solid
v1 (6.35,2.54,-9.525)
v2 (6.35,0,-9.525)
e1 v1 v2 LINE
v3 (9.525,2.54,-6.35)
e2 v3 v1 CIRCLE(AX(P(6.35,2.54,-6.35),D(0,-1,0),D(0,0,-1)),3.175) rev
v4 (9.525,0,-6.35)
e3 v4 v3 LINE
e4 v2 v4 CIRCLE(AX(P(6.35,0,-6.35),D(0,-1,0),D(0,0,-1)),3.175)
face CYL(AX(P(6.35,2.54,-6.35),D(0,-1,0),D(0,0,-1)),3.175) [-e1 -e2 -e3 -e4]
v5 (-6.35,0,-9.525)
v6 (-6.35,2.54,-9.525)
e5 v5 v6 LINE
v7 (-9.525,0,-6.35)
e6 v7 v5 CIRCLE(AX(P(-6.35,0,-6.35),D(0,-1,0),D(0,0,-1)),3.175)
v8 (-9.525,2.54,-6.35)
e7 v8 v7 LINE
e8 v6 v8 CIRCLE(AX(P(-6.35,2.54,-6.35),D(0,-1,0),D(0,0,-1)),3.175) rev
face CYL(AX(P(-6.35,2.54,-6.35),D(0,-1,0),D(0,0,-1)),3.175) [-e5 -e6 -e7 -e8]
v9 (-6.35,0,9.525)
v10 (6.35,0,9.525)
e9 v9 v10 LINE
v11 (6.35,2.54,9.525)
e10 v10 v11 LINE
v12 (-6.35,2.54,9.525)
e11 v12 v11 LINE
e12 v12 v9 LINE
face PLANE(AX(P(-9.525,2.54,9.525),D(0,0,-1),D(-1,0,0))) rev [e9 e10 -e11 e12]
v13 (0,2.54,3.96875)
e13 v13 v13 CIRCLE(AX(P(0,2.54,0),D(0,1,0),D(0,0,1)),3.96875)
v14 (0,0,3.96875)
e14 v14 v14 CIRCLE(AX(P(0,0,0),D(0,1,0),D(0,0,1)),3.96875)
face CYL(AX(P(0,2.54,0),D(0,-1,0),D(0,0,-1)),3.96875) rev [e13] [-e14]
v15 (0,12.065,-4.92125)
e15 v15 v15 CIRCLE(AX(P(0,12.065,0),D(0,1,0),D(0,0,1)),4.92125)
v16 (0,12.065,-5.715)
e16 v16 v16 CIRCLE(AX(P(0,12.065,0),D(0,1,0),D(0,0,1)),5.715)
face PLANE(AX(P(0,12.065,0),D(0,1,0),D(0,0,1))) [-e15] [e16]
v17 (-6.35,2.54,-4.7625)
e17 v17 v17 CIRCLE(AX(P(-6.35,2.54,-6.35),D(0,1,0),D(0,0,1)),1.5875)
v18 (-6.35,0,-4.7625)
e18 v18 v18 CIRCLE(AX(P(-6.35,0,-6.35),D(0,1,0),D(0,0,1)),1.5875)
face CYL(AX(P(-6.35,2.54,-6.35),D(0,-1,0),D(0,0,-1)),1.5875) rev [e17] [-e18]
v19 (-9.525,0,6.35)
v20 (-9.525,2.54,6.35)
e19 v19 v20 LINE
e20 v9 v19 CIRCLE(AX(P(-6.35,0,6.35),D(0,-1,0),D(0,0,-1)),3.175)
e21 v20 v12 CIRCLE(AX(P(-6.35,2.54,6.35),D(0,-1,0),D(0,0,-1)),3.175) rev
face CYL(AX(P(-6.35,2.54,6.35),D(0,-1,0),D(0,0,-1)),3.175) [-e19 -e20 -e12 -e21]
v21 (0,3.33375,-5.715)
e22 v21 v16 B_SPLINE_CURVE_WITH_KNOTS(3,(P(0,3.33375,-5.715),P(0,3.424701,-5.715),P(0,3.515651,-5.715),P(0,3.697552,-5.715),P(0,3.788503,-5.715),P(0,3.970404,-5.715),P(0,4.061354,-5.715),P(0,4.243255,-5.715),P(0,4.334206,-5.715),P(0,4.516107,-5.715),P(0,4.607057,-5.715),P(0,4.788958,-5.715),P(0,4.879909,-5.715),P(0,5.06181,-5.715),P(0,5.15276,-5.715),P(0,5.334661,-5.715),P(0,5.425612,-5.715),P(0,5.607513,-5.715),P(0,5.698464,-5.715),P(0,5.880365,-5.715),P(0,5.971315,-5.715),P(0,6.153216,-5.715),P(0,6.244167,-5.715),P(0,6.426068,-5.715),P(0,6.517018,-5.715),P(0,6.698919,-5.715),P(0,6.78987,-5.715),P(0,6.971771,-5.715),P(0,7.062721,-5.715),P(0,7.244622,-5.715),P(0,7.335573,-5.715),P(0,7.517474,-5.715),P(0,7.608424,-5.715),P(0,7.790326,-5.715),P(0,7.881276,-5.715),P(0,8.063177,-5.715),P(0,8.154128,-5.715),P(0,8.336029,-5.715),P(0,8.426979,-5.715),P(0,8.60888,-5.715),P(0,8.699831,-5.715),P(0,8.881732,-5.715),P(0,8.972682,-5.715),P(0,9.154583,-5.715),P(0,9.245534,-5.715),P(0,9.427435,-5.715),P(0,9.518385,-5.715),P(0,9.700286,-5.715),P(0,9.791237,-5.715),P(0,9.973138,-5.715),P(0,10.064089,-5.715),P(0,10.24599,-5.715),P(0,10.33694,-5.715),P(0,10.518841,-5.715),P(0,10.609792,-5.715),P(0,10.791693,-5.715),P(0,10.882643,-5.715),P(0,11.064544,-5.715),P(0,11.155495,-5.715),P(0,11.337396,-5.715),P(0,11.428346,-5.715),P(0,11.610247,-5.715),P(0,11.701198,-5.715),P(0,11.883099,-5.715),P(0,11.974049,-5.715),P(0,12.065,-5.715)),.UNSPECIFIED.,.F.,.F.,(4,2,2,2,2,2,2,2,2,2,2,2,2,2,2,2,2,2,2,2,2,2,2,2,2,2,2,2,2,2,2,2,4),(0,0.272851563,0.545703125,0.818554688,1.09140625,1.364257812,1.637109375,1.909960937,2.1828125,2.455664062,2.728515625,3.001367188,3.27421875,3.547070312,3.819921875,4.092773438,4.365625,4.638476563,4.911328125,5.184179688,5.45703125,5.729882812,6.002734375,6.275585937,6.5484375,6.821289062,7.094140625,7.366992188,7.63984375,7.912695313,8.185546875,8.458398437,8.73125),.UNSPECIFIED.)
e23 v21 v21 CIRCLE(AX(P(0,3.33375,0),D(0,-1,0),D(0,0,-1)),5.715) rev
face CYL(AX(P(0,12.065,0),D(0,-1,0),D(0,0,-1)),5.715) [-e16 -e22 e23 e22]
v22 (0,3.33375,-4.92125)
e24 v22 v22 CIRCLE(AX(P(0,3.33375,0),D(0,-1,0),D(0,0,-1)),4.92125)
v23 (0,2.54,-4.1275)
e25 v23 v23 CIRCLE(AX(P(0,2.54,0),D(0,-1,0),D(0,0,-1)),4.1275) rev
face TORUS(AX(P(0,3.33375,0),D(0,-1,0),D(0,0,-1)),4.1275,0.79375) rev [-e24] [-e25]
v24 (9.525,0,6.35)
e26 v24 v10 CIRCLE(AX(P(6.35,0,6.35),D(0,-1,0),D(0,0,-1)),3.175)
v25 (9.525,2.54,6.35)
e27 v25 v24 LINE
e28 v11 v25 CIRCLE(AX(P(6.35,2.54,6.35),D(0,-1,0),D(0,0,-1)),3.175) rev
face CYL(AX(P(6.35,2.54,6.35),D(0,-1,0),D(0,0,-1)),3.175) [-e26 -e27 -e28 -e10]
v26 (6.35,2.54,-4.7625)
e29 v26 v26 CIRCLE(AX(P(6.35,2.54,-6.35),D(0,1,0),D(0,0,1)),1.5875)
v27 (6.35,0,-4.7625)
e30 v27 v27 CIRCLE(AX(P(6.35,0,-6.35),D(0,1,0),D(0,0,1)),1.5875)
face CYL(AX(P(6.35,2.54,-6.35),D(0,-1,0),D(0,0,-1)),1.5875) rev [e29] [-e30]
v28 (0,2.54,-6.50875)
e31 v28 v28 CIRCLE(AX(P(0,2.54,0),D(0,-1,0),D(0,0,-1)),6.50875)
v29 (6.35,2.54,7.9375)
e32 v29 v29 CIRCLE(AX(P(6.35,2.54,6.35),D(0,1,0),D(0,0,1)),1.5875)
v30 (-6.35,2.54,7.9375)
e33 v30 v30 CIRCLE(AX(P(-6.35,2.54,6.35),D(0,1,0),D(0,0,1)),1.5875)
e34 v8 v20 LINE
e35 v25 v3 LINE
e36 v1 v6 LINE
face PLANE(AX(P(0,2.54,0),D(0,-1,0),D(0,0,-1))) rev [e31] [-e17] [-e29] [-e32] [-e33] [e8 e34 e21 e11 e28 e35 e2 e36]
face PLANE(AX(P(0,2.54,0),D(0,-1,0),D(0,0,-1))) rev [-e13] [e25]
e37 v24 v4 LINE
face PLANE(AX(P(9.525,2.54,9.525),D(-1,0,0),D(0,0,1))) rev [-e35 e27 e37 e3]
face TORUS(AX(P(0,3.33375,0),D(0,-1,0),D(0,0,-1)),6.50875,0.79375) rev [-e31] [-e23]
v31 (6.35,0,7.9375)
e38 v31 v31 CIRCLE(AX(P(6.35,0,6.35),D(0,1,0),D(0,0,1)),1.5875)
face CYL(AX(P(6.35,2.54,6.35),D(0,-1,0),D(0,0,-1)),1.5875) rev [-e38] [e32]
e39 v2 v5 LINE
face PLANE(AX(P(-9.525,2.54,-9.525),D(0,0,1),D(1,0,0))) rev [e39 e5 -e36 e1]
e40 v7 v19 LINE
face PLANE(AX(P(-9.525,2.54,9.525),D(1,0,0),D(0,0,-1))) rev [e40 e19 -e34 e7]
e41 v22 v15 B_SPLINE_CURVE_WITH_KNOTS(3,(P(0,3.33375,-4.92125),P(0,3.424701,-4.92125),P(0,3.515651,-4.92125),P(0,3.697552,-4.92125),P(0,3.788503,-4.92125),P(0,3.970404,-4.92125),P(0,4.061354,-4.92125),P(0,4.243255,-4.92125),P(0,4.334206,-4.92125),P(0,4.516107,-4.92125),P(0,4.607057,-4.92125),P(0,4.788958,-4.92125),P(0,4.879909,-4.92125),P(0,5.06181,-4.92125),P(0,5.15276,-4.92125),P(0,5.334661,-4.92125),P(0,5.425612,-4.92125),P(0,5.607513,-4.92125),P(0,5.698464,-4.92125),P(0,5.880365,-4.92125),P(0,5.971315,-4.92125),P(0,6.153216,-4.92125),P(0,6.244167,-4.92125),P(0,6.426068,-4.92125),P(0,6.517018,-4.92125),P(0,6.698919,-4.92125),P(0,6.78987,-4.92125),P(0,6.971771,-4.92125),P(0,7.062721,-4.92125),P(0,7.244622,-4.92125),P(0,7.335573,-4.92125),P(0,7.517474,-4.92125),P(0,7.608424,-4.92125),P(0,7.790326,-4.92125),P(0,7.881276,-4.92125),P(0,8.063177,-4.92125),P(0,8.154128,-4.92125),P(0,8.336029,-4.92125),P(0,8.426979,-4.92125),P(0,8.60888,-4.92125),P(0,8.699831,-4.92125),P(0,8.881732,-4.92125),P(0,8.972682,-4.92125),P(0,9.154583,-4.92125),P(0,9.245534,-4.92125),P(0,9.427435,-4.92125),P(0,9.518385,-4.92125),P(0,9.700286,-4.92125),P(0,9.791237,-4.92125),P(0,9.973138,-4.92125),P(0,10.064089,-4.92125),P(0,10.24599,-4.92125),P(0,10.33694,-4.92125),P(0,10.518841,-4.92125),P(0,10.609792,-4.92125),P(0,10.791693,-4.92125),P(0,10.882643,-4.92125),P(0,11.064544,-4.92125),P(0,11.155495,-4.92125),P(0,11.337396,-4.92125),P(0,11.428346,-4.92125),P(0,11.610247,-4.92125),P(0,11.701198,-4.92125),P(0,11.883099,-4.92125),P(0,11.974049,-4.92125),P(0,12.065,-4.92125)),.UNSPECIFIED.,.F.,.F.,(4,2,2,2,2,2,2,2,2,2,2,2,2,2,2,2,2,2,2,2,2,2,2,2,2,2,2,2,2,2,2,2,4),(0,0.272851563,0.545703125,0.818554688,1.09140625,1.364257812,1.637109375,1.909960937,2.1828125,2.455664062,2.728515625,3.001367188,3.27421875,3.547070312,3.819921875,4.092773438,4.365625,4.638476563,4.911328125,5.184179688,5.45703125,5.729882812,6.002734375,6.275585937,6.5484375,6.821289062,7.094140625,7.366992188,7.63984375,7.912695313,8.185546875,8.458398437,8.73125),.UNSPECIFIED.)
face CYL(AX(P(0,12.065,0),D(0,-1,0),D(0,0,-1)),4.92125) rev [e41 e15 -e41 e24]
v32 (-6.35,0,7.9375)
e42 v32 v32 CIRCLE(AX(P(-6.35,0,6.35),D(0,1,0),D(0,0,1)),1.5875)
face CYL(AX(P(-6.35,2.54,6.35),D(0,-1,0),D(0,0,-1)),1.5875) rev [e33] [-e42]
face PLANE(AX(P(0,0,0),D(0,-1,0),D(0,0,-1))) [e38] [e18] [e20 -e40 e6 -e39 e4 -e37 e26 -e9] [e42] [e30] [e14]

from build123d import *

# Parameters (mm, degrees)
SKETCH1_W           = 19.05
SKETCH1_H           = 19.05
SKETCH1_R           = 1.5875
SKETCH1_R_2         = 3.96875
BOSS_EXTRUDE1_DEPTH = 2.54
SKETCH2_R           = 5.715
SKETCH2_R_2         = 4.92125
BOSS_EXTRUDE2_DEPTH = 9.525
FILLET1_R           = 0.79375
FILLET2_R           = 3.175


with BuildPart() as part:
    # Sketch1 → Boss-Extrude1 (new body)
    with BuildSketch(Plane(origin=(0, 0, 0), x_dir=(1, 0, 0), z_dir=(0, 1, 0))):
        Rectangle(SKETCH1_W, SKETCH1_H)
        with Locations(Location((-6.35, 6.35, 0), (0, 0, 270))):
            Circle(SKETCH1_R, mode=Mode.SUBTRACT)
        with Locations(Location((6.35, 6.35, 0), (0, 0, 270))):
            Circle(SKETCH1_R, mode=Mode.SUBTRACT)
        with Locations(Location((6.35, -6.35, 0), (0, 0, 270))):
            Circle(SKETCH1_R, mode=Mode.SUBTRACT)
        with Locations(Location((-6.35, -6.35, 0), (0, 0, 270))):
            Circle(SKETCH1_R, mode=Mode.SUBTRACT)
        with Locations(Location((0, 0, 0), (0, 0, 270))):
            Circle(SKETCH1_R_2, mode=Mode.SUBTRACT)
    extrude(amount=BOSS_EXTRUDE1_DEPTH)

    # Sketch2 → Boss-Extrude2 (add)
    with BuildSketch(Plane(origin=(0, 2.54, 0), x_dir=(1, 0, 0), z_dir=(0, 1, 0))):
        with Locations(Location((0, 0, 0), (0, 0, 90))):
            Circle(SKETCH2_R)
        with Locations(Location((0, 0, 0), (0, 0, 90))):
            Circle(SKETCH2_R_2, mode=Mode.SUBTRACT)
    extrude(amount=BOSS_EXTRUDE2_DEPTH)

    # Fillet1
    fillet1_edges = [part.edges().sort_by_distance(p)[0] for p in [
        (0, 2.54, 5.715),
        (0, 2.54, 4.92125),
    ]]
    fillet(fillet1_edges, radius=FILLET1_R)

    # Fillet2
    fillet2_edges = [part.edges().sort_by_distance(p)[0] for p in [
        (9.525, 1.27, 9.525),
        (-9.525, 1.27, 9.525),
        (-9.525, 1.27, -9.525),
        (9.525, 1.27, -9.525),
    ]]
    fillet(fillet2_edges, radius=FILLET2_R)


solid = part.part
